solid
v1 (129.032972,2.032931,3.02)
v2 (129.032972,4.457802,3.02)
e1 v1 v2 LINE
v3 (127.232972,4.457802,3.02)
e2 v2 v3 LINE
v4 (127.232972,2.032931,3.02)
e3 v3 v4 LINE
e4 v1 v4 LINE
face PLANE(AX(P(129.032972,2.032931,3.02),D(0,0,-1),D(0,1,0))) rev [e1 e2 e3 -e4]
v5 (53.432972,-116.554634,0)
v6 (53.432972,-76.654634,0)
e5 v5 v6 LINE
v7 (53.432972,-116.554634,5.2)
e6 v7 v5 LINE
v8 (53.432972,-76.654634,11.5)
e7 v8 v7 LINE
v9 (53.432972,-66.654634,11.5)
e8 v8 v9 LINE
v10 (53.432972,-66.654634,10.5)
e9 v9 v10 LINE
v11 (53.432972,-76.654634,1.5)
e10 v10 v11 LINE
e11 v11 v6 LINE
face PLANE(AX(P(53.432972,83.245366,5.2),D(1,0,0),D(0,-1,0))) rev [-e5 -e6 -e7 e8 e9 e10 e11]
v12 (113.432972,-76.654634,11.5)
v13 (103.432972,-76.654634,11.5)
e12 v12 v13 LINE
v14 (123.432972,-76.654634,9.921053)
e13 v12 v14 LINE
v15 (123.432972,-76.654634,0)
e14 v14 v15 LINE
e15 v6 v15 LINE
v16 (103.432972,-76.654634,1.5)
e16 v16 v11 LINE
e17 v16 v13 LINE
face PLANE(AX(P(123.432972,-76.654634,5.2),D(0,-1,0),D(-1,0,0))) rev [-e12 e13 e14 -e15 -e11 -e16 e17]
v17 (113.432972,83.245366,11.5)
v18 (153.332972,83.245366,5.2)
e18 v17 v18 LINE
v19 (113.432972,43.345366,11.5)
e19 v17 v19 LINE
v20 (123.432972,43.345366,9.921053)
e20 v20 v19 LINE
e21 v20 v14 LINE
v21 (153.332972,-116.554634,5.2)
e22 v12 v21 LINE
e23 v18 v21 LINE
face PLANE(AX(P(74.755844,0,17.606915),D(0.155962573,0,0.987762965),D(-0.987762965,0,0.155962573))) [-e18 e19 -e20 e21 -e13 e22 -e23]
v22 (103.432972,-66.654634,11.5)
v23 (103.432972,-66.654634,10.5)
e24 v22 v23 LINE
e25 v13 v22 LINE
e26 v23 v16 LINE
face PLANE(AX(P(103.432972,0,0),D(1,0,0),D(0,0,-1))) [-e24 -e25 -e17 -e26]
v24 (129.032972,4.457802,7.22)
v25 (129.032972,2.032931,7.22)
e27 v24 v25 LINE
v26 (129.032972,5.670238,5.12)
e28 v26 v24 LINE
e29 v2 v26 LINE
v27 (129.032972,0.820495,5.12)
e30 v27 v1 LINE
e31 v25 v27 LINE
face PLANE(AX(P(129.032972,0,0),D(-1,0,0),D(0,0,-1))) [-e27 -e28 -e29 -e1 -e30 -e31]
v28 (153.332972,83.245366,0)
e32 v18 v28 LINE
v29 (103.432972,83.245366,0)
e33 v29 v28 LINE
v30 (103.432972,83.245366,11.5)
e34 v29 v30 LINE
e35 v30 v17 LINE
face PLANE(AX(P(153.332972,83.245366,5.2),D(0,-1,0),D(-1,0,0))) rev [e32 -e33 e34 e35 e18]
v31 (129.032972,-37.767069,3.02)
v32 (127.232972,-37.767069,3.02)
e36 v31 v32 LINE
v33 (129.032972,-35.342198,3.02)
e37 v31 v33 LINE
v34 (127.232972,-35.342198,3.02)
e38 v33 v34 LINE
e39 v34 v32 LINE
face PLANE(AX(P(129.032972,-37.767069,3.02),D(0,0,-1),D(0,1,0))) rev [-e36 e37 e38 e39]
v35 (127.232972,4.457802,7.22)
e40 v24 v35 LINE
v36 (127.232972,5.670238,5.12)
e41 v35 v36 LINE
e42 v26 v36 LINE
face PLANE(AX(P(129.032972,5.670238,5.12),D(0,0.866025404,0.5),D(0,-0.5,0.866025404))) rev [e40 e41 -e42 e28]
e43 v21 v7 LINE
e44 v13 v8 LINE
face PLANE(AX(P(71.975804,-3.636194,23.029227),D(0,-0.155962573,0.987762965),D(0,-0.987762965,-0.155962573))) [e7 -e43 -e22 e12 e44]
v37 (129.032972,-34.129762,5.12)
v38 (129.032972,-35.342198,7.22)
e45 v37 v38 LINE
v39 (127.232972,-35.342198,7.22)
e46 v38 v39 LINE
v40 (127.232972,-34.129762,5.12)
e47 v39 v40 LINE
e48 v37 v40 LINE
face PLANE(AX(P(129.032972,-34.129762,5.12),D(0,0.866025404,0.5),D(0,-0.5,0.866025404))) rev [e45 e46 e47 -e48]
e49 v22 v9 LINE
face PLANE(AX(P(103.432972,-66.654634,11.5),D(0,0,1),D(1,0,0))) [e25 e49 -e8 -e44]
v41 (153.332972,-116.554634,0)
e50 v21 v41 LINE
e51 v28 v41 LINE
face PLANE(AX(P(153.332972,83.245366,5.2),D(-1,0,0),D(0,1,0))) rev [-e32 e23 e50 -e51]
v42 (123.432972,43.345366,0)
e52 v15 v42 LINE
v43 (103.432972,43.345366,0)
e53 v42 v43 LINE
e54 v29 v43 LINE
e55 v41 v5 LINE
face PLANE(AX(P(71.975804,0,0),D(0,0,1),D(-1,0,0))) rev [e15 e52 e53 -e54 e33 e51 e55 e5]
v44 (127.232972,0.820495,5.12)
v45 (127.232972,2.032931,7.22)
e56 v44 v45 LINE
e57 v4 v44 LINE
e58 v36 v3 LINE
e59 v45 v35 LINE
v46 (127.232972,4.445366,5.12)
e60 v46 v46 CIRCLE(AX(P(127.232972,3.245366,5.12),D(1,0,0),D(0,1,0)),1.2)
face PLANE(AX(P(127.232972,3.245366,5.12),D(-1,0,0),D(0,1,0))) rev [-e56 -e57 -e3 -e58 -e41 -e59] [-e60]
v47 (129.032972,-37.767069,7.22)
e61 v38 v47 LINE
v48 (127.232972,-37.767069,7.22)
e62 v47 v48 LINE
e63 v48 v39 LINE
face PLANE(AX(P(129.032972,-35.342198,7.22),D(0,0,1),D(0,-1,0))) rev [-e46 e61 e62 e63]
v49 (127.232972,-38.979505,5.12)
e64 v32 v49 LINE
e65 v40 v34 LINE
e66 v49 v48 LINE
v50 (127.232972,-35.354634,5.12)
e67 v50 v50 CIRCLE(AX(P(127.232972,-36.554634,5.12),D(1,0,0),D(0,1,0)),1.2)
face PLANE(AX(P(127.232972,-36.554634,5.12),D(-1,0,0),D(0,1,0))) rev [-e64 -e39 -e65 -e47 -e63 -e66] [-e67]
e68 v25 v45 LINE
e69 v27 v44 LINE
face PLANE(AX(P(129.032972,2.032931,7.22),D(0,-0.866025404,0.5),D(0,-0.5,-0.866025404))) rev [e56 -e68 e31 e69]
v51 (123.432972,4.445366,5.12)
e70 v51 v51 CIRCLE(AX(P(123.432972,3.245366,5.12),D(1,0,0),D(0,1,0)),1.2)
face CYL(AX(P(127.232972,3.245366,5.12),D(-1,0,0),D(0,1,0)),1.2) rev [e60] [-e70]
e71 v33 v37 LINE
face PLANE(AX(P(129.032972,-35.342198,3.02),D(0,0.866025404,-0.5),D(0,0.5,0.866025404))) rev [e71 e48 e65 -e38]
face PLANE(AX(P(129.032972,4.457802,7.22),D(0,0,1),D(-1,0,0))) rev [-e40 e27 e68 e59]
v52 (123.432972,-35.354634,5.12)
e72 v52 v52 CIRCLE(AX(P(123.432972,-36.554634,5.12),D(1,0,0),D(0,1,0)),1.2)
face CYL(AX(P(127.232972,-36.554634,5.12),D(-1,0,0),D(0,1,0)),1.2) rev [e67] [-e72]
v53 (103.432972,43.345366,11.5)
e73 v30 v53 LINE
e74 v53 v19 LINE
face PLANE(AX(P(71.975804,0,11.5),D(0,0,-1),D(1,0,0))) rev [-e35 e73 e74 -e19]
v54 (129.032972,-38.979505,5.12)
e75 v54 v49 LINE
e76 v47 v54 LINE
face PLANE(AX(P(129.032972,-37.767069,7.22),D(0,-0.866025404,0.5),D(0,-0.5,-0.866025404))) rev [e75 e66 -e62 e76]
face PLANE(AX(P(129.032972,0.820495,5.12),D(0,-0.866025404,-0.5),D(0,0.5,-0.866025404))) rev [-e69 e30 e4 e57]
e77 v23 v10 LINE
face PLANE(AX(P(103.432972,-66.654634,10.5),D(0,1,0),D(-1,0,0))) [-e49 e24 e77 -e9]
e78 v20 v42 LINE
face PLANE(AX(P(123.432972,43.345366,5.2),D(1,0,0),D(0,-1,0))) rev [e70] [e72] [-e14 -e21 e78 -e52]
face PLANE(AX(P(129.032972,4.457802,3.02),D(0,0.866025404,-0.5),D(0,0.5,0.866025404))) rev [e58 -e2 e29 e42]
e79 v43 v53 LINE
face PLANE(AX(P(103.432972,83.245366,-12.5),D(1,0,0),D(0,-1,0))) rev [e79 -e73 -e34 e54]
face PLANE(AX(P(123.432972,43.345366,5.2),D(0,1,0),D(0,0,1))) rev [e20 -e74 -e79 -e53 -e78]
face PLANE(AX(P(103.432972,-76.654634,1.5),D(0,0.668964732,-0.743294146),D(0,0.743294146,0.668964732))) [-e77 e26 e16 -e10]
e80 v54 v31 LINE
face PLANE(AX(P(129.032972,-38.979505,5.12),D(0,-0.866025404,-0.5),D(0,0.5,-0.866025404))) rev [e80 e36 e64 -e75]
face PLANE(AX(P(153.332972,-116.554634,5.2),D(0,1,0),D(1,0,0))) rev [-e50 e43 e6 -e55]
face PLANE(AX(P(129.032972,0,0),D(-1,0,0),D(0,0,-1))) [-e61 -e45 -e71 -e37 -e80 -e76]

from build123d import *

# Parameters (mm, degrees)
DODANIE_WYCI_GNI_CIE1_DEPTH = 5.2
SZKIC3_W                    = 60
SZKIC3_H                    = 159.9
SZKIC5_W                    = 99.9
SZKIC5_H                    = 199.8
SZKIC6_W                    = 49.271239353
SZKIC6_H                    = 120
WYTNIJ_WYCI_GNI_CIE1_DEPTH  = 78
WYTNIJ_WYCI_GNI_CIE2_DEPTH  = 5.6
SZKIC9_R                    = 2.424871131
SZKIC9_R_2                  = 1.2
DODANIE_WYCI_GNI_CIE3_DEPTH = 3.8
SZKIC10_W                   = 50
SZKIC10_H                   = 39.9
WYTNIJ_WYCI_GNI_CIE4_DEPTH  = 24
DODANIE_WYCI_GNI_CIE4_DEPTH = 50


with BuildPart() as part:
    # Szkic2 → Dodanie-wyciągnięcie1 (new body)
    with BuildSketch(Plane.XY):
        Polygon((18.542832418, 83.245366469), (18.542832418, 43.345366469), (-51.457167582, 43.345366469), (-51.457167582, -76.654633531), (18.542832418, -76.654633531), (18.542832418, -116.554633531), (-81.357167582, -116.554633531), (-81.357167582, 83.245366469), align=None)
    extrude(amount=DODANIE_WYCI_GNI_CIE1_DEPTH)

    # Szkic3 → Wyciągnięcie po profilach3 section 0
    with BuildSketch(Plane.XY.offset(11.5)):
        with Locations((-11.457167582, 3.295366469)):
            Rectangle(SZKIC3_W, SZKIC3_H)
    # Szkic5 → Wyciągnięcie po profilach3 section 1
    with BuildSketch(Plane.XY.offset(5.2)):
        with Locations((-31.407167582, -16.654633531)):
            Rectangle(SZKIC5_W, SZKIC5_H)
    loft()

    # Szkic6 → Wytnij-wyciągnięcie1 (cut)
    with BuildSketch(Plane(origin=(-51.457167582, 0, 0), x_dir=(0, 0, -1), z_dir=(1, 0, 0))):
        with Locations((-24.635619677, -16.654633531)):
            Rectangle(SZKIC6_W, SZKIC6_H)
    extrude(amount=WYTNIJ_WYCI_GNI_CIE1_DEPTH, mode=Mode.SUBTRACT)

    # Szkic7 → Wytnij-wyciągnięcie2 (cut)
    with BuildSketch(Plane(origin=(-51.457167582, 0, 0), x_dir=(0, 0, -1), z_dir=(1, 0, 0))):
        Polygon((-5.12, -34.1297624), (-7.22, -35.342197966), (-7.22, -37.767069096), (-5.12, -38.979504662), (-3.02, -37.767069096), (-3.02, -35.342197966), align=None)
        Polygon((-5.12, 5.6702376), (-7.22, 4.457802034), (-7.22, 2.032930904), (-5.12, 0.820495338), (-3.02, 2.032930904), (-3.02, 4.457802034), align=None)
    extrude(amount=-WYTNIJ_WYCI_GNI_CIE2_DEPTH, mode=Mode.SUBTRACT)

    # Szkic9 → Dodanie-wyciągnięcie3 (add)
    with BuildSketch(Plane(origin=(-51.457167582, 0, 0), x_dir=(0, 0, -1), z_dir=(1, 0, 0))):
        with Locations((-5.12, 3.245366469)):
            Circle(SZKIC9_R)
        with Locations((-5.12, 3.245366469)):
            Circle(SZKIC9_R_2, mode=Mode.SUBTRACT)
        with Locations((-5.12, -36.554633531)):
            Circle(SZKIC9_R)
        with Locations((-5.12, -36.554633531)):
            Circle(SZKIC9_R_2, mode=Mode.SUBTRACT)
    extrude(amount=-DODANIE_WYCI_GNI_CIE3_DEPTH)

    # Szkic10 → Wytnij-wyciągnięcie4 (cut)
    with BuildSketch(Plane.XY.offset(11.5)):
        with Locations((-6.457167582, 63.295366469)):
            Rectangle(SZKIC10_W, SZKIC10_H)
    extrude(amount=-WYTNIJ_WYCI_GNI_CIE4_DEPTH, mode=Mode.SUBTRACT)


with BuildPart() as body_2:
    # Lustro1: mirrored copy
    add(part.part.mirror(Plane(origin=(18.542832418, 83.245366469, 5.2), x_dir=(0, 0, 1), z_dir=(-1, 0, 0))))


with BuildPart() as body_2_1:
    # Obiekt-Przenieś/Kopiuj1: moved
    add(body_2.part.moved(Location((34.890139481, 0, 0))))

    # Szkic11 → Dodanie-wyciągnięcie4 (add)
    with BuildSketch(Plane.ZY.offset(-53.432971899)):
        Polygon((11.5, -76.654633531), (1.5, -76.654633531), (10.5, -66.654633531), (11.5, -66.654633531), align=None)
    extrude(amount=-DODANIE_WYCI_GNI_CIE4_DEPTH)


solid = body_2_1.part
